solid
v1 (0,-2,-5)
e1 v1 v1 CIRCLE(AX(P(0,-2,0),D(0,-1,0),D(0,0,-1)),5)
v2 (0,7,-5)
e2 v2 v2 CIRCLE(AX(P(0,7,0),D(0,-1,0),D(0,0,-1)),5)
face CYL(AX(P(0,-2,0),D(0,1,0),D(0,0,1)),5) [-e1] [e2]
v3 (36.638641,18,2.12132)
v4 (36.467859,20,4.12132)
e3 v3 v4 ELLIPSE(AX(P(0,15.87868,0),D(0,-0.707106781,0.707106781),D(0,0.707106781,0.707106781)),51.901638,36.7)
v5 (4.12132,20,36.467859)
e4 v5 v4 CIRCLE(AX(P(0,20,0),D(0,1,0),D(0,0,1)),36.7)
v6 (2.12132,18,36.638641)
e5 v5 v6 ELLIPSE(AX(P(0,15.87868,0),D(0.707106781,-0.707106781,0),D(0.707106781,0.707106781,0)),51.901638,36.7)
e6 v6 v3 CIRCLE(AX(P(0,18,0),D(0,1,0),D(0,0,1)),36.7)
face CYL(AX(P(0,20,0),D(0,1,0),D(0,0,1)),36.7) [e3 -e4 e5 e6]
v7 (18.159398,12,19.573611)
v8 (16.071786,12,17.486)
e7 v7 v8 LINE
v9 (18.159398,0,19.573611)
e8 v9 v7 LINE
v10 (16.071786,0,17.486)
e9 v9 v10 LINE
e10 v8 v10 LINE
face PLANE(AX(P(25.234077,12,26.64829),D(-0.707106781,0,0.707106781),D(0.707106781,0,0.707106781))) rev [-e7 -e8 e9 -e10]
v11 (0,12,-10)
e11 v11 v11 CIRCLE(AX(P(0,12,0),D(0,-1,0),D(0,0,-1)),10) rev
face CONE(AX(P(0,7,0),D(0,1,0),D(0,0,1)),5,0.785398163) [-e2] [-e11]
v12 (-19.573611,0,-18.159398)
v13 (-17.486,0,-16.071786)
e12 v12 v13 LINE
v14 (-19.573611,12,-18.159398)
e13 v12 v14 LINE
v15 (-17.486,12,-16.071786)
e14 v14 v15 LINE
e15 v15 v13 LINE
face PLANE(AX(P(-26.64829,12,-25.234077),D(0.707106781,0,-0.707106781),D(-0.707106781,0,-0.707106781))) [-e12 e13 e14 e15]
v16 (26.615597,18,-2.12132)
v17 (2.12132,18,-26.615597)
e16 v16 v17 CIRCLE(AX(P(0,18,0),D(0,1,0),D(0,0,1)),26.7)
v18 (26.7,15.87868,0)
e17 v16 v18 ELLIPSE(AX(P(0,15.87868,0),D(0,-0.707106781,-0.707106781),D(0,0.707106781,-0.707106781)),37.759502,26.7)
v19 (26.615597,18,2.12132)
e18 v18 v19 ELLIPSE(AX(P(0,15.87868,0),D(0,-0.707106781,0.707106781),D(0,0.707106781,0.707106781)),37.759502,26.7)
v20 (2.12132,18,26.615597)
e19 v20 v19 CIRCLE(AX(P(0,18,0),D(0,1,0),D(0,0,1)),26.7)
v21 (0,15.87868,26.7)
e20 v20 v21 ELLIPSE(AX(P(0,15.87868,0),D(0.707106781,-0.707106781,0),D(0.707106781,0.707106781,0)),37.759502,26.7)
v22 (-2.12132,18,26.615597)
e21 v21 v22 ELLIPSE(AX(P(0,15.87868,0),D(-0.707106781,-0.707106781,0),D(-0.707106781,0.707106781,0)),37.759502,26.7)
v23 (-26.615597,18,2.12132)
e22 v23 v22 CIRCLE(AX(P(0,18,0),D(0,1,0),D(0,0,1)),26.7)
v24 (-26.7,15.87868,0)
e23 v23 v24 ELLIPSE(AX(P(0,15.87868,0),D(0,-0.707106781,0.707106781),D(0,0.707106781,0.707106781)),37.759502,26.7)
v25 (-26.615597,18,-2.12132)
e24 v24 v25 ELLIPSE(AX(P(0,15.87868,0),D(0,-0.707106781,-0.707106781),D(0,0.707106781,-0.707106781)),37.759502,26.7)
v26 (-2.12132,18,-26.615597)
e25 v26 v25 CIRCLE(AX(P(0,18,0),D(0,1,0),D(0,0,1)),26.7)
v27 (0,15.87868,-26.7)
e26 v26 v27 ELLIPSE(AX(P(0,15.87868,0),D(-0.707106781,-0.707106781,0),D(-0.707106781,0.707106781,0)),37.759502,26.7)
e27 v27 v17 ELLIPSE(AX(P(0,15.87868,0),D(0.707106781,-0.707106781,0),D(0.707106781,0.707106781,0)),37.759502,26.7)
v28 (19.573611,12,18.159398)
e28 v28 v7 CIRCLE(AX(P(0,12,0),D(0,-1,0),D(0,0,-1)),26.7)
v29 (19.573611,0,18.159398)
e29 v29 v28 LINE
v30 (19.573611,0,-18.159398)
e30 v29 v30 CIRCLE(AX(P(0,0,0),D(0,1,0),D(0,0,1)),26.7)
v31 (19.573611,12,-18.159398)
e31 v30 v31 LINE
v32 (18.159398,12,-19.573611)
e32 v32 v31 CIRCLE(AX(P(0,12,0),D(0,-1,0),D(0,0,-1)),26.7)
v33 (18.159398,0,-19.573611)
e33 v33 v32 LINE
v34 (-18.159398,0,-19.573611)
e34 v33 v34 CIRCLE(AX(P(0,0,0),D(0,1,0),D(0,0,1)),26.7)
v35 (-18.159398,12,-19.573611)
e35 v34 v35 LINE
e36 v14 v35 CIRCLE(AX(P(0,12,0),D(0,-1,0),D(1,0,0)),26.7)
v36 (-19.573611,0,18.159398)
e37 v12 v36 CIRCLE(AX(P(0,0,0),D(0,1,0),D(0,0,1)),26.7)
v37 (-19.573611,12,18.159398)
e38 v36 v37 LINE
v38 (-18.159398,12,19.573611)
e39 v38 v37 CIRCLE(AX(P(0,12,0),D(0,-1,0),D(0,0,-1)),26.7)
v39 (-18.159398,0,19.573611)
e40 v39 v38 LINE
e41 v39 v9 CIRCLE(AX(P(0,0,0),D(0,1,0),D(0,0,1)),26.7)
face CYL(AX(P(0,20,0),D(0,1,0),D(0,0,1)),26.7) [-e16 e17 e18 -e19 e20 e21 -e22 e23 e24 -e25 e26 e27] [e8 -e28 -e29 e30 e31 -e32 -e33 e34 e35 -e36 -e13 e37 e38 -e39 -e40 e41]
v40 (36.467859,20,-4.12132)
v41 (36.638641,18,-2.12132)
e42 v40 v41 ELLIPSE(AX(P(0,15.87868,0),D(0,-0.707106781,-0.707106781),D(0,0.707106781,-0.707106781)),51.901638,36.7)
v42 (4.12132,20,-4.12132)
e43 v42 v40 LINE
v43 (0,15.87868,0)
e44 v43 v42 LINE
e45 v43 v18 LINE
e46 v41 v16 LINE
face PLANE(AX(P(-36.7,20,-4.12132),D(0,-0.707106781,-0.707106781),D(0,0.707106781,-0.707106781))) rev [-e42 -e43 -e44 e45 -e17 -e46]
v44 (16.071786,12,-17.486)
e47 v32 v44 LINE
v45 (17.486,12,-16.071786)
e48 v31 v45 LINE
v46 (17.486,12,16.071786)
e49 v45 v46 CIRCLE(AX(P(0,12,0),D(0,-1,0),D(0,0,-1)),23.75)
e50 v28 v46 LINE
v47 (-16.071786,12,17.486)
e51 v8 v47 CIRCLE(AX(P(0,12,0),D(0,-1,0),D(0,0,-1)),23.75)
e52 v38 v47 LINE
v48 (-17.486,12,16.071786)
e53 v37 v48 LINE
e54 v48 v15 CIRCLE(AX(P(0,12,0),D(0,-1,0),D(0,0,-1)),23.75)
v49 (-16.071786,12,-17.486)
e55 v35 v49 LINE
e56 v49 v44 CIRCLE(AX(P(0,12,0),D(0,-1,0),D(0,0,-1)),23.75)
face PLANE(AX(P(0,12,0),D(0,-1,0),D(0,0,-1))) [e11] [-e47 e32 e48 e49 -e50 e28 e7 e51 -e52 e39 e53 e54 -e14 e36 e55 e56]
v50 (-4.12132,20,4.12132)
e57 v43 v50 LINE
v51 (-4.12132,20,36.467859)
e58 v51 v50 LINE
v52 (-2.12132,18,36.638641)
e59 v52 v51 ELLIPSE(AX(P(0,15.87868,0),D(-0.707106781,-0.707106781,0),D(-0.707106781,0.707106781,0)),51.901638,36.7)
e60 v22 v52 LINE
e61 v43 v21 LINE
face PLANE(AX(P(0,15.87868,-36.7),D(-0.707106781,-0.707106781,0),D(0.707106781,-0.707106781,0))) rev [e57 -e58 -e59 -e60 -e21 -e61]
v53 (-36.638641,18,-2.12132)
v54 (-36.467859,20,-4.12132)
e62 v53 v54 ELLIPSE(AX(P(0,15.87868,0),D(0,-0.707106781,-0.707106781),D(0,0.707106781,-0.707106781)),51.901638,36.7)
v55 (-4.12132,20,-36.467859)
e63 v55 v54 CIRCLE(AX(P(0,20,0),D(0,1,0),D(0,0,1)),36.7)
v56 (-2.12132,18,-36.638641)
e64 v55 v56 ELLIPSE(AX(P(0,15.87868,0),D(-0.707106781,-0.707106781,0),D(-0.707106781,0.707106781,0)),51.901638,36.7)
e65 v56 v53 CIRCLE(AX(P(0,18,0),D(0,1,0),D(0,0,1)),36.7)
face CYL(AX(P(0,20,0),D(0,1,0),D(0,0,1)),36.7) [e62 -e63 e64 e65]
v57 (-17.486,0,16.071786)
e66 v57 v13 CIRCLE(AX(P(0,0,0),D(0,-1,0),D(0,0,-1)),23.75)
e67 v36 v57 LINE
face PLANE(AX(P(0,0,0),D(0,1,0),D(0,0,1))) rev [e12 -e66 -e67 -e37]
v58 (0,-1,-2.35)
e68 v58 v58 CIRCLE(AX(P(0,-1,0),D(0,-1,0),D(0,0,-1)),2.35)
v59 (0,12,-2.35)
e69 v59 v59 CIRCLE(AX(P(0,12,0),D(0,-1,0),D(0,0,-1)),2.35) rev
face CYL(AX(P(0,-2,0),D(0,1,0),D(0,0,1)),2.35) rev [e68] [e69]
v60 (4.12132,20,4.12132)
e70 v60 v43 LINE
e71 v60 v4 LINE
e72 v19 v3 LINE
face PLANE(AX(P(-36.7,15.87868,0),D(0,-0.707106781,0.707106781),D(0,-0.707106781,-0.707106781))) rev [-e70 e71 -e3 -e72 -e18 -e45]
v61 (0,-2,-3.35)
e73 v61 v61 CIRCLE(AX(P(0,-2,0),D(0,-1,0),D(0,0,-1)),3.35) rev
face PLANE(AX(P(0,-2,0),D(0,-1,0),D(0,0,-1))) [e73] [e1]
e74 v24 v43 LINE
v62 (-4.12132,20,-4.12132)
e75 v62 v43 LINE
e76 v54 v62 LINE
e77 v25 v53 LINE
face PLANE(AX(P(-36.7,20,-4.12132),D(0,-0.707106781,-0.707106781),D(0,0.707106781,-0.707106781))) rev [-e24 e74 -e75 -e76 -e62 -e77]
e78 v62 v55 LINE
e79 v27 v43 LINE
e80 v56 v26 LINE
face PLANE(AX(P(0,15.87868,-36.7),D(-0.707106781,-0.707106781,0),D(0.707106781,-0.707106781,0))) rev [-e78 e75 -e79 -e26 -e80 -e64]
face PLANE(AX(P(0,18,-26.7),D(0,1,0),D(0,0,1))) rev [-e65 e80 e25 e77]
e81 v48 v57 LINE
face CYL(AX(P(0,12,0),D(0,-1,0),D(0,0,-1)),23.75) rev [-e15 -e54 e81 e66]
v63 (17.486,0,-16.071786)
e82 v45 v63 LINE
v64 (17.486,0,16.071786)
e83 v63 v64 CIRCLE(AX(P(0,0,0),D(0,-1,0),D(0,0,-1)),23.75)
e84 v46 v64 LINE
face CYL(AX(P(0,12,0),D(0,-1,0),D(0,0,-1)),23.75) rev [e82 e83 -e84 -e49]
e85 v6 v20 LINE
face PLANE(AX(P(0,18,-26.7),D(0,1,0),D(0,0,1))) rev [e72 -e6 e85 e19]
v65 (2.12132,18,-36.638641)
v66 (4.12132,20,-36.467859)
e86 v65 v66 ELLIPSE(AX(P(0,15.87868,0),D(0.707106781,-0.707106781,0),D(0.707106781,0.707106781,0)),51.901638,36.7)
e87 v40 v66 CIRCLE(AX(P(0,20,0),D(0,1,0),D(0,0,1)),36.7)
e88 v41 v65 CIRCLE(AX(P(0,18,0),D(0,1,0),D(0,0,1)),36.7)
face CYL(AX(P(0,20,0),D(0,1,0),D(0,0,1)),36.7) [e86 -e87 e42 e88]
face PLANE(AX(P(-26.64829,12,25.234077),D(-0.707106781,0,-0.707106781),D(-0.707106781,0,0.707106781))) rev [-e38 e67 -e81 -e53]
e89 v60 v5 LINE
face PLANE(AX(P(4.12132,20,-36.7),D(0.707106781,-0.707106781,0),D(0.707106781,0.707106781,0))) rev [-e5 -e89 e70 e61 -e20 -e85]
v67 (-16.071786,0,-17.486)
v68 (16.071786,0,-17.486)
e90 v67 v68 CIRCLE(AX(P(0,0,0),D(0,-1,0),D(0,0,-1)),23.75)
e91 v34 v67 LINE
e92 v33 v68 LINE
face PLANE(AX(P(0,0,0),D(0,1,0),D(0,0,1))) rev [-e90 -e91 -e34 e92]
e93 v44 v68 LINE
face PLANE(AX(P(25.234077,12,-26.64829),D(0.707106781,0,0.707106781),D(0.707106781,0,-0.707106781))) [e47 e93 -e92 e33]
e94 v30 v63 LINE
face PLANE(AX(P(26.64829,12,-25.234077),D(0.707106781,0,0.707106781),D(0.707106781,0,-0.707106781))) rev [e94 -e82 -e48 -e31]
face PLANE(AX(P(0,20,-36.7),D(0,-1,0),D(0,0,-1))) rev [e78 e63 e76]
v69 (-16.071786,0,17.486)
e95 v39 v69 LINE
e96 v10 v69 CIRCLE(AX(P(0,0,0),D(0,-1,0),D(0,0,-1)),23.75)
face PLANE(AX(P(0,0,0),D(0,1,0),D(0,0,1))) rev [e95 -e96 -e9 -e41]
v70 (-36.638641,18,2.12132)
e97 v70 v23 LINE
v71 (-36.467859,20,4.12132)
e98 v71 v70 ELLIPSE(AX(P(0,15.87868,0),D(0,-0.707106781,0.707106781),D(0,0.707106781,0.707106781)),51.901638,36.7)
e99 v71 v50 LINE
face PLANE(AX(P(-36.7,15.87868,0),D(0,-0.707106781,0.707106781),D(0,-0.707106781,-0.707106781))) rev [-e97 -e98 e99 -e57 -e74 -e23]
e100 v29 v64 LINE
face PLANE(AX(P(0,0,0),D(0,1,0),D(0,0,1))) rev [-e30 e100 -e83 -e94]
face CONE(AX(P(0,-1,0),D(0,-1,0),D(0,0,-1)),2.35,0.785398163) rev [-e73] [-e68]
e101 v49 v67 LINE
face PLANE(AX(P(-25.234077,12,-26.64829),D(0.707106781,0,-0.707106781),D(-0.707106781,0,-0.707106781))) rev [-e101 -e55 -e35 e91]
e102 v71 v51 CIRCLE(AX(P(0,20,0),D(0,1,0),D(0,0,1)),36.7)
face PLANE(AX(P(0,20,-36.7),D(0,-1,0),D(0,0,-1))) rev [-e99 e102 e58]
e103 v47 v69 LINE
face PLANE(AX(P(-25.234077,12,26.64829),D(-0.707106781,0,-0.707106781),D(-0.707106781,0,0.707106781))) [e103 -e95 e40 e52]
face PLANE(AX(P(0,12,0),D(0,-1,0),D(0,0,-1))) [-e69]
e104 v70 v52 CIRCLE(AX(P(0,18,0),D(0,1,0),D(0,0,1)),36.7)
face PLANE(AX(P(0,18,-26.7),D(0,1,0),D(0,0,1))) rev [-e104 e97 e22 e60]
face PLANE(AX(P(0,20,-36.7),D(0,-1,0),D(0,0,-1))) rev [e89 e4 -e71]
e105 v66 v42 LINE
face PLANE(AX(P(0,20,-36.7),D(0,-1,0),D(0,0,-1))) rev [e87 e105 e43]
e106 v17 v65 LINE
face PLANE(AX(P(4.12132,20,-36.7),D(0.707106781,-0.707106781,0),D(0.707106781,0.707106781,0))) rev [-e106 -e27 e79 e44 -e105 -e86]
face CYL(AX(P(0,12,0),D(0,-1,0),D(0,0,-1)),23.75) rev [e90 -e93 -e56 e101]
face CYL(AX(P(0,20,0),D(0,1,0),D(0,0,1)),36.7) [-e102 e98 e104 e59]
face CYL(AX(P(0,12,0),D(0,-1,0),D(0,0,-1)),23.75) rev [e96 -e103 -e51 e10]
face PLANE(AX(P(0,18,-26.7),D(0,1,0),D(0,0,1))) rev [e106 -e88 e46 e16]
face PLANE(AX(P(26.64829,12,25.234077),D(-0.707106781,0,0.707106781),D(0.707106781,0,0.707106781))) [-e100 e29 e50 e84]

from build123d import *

# Parameters (mm, degrees)
CUT_EXTRUDE1_DEPTH  = 56.621758333
CIRPATTERN1_COUNT   = 4
SKETCH3_R           = 23.75
CUT_EXTRUDE2_DEPTH  = 12
CUT_EXTRUDE3_START  = 12
CUT_EXTRUDE3_DEPTH  = 12
CIRPATTERN2_COUNT   = 4
SKETCH5_R           = 5
SKETCH5_R_2         = 2.35
BOSS_EXTRUDE1_DEPTH = 14
CHAMFER1_SIZE       = 1
CHAMFER2_SIZE       = 5


with BuildPart() as part:
    # Sketch1 → Revolve1 (revolve)
    with BuildSketch(Plane(origin=(0, 0, 0), x_dir=(0, 0, -1), z_dir=(1, 0, 0)), mode=Mode.PRIVATE) as revolve1_sk:
        Polygon((0, 0), (26.7, 0), (26.7, 18), (36.7, 18), (36.7, 20), (0, 20), align=None)
    revolve(revolve1_sk.sketch.rotate(Axis((0, 20, 0), (0, -1, 0)), 180), axis=Axis((0, 20, 0), (0, -1, 0)))

    # Sketch2 → Cut-Extrude1 (cut, symmetric)
    with BuildSketch(Plane.XY):
        Polygon((4.121320344, 20), (0, 15.878679656), (-4.121320344, 20), align=None)
    cut_extrude1 = extrude(amount=CUT_EXTRUDE1_DEPTH, both=True, mode=Mode.SUBTRACT)

    # CirPattern1: Cut-Extrude1 ×4 about axis
    cirpattern1_axis = Axis((0, 0, 0), (0, 1, 0))
    for i in range(1, CIRPATTERN1_COUNT):
        add(cut_extrude1.rotate(cirpattern1_axis, i * 360 / CIRPATTERN1_COUNT), mode=Mode.SUBTRACT)

    # Sketch3 → Cut-Extrude2 (cut)
    with BuildSketch(Plane.XZ):
        with Locations(Location((0, 0, 0), (0, 0, 270))):
            Circle(SKETCH3_R)
    extrude(amount=-CUT_EXTRUDE2_DEPTH, mode=Mode.SUBTRACT)

    # Sketch4 → Cut-Extrude3 (cut)
    with BuildSketch(Plane(origin=(0, 0, 0), x_dir=(1, 0, 0), z_dir=(0, 1, 0)).offset(CUT_EXTRUDE3_START)):
        with BuildLine():
            Line((-25.234076692, -26.648290255), (0, -1.414213562))
            Line((0, -1.414213562), (-1.414213562, 0))
            Line((-1.414213562, 0), (-26.648290255, -25.234076692))
            ThreePointArc((-26.648290255, -25.234076692), (-25.95081887, -25.95081887), (-25.234076692, -26.648290255))
        make_face()
    cut_extrude3 = extrude(amount=-CUT_EXTRUDE3_DEPTH, mode=Mode.SUBTRACT)

    # CirPattern2: Cut-Extrude3 ×4 about axis
    cirpattern2_axis = Axis((0, 0, 0), (0, 1, 0))
    for i in range(1, CIRPATTERN2_COUNT):
        add(cut_extrude3.rotate(cirpattern2_axis, i * 360 / CIRPATTERN2_COUNT), mode=Mode.SUBTRACT)

    # Sketch5 → Boss-Extrude1 (add)
    with BuildSketch(Plane.XZ.offset(-12)):
        with Locations(Location((0, 0, 0), (0, 0, 270))):
            Circle(SKETCH5_R)
        with Locations(Location((0, 0, 0), (0, 0, 270))):
            Circle(SKETCH5_R_2, mode=Mode.SUBTRACT)
    extrude(amount=BOSS_EXTRUDE1_DEPTH)

    # Chamfer1
    chamfer1_edges = [part.edges().sort_by_distance(p)[0] for p in [
        (0, -2, 2.35),
    ]]
    chamfer(chamfer1_edges, length=CHAMFER1_SIZE)

    # Chamfer2
    chamfer2_edges = [part.edges().sort_by_distance(p)[0] for p in [
        (0, 12, 5),
    ]]
    chamfer(chamfer2_edges, length=CHAMFER2_SIZE)


solid = part.part
